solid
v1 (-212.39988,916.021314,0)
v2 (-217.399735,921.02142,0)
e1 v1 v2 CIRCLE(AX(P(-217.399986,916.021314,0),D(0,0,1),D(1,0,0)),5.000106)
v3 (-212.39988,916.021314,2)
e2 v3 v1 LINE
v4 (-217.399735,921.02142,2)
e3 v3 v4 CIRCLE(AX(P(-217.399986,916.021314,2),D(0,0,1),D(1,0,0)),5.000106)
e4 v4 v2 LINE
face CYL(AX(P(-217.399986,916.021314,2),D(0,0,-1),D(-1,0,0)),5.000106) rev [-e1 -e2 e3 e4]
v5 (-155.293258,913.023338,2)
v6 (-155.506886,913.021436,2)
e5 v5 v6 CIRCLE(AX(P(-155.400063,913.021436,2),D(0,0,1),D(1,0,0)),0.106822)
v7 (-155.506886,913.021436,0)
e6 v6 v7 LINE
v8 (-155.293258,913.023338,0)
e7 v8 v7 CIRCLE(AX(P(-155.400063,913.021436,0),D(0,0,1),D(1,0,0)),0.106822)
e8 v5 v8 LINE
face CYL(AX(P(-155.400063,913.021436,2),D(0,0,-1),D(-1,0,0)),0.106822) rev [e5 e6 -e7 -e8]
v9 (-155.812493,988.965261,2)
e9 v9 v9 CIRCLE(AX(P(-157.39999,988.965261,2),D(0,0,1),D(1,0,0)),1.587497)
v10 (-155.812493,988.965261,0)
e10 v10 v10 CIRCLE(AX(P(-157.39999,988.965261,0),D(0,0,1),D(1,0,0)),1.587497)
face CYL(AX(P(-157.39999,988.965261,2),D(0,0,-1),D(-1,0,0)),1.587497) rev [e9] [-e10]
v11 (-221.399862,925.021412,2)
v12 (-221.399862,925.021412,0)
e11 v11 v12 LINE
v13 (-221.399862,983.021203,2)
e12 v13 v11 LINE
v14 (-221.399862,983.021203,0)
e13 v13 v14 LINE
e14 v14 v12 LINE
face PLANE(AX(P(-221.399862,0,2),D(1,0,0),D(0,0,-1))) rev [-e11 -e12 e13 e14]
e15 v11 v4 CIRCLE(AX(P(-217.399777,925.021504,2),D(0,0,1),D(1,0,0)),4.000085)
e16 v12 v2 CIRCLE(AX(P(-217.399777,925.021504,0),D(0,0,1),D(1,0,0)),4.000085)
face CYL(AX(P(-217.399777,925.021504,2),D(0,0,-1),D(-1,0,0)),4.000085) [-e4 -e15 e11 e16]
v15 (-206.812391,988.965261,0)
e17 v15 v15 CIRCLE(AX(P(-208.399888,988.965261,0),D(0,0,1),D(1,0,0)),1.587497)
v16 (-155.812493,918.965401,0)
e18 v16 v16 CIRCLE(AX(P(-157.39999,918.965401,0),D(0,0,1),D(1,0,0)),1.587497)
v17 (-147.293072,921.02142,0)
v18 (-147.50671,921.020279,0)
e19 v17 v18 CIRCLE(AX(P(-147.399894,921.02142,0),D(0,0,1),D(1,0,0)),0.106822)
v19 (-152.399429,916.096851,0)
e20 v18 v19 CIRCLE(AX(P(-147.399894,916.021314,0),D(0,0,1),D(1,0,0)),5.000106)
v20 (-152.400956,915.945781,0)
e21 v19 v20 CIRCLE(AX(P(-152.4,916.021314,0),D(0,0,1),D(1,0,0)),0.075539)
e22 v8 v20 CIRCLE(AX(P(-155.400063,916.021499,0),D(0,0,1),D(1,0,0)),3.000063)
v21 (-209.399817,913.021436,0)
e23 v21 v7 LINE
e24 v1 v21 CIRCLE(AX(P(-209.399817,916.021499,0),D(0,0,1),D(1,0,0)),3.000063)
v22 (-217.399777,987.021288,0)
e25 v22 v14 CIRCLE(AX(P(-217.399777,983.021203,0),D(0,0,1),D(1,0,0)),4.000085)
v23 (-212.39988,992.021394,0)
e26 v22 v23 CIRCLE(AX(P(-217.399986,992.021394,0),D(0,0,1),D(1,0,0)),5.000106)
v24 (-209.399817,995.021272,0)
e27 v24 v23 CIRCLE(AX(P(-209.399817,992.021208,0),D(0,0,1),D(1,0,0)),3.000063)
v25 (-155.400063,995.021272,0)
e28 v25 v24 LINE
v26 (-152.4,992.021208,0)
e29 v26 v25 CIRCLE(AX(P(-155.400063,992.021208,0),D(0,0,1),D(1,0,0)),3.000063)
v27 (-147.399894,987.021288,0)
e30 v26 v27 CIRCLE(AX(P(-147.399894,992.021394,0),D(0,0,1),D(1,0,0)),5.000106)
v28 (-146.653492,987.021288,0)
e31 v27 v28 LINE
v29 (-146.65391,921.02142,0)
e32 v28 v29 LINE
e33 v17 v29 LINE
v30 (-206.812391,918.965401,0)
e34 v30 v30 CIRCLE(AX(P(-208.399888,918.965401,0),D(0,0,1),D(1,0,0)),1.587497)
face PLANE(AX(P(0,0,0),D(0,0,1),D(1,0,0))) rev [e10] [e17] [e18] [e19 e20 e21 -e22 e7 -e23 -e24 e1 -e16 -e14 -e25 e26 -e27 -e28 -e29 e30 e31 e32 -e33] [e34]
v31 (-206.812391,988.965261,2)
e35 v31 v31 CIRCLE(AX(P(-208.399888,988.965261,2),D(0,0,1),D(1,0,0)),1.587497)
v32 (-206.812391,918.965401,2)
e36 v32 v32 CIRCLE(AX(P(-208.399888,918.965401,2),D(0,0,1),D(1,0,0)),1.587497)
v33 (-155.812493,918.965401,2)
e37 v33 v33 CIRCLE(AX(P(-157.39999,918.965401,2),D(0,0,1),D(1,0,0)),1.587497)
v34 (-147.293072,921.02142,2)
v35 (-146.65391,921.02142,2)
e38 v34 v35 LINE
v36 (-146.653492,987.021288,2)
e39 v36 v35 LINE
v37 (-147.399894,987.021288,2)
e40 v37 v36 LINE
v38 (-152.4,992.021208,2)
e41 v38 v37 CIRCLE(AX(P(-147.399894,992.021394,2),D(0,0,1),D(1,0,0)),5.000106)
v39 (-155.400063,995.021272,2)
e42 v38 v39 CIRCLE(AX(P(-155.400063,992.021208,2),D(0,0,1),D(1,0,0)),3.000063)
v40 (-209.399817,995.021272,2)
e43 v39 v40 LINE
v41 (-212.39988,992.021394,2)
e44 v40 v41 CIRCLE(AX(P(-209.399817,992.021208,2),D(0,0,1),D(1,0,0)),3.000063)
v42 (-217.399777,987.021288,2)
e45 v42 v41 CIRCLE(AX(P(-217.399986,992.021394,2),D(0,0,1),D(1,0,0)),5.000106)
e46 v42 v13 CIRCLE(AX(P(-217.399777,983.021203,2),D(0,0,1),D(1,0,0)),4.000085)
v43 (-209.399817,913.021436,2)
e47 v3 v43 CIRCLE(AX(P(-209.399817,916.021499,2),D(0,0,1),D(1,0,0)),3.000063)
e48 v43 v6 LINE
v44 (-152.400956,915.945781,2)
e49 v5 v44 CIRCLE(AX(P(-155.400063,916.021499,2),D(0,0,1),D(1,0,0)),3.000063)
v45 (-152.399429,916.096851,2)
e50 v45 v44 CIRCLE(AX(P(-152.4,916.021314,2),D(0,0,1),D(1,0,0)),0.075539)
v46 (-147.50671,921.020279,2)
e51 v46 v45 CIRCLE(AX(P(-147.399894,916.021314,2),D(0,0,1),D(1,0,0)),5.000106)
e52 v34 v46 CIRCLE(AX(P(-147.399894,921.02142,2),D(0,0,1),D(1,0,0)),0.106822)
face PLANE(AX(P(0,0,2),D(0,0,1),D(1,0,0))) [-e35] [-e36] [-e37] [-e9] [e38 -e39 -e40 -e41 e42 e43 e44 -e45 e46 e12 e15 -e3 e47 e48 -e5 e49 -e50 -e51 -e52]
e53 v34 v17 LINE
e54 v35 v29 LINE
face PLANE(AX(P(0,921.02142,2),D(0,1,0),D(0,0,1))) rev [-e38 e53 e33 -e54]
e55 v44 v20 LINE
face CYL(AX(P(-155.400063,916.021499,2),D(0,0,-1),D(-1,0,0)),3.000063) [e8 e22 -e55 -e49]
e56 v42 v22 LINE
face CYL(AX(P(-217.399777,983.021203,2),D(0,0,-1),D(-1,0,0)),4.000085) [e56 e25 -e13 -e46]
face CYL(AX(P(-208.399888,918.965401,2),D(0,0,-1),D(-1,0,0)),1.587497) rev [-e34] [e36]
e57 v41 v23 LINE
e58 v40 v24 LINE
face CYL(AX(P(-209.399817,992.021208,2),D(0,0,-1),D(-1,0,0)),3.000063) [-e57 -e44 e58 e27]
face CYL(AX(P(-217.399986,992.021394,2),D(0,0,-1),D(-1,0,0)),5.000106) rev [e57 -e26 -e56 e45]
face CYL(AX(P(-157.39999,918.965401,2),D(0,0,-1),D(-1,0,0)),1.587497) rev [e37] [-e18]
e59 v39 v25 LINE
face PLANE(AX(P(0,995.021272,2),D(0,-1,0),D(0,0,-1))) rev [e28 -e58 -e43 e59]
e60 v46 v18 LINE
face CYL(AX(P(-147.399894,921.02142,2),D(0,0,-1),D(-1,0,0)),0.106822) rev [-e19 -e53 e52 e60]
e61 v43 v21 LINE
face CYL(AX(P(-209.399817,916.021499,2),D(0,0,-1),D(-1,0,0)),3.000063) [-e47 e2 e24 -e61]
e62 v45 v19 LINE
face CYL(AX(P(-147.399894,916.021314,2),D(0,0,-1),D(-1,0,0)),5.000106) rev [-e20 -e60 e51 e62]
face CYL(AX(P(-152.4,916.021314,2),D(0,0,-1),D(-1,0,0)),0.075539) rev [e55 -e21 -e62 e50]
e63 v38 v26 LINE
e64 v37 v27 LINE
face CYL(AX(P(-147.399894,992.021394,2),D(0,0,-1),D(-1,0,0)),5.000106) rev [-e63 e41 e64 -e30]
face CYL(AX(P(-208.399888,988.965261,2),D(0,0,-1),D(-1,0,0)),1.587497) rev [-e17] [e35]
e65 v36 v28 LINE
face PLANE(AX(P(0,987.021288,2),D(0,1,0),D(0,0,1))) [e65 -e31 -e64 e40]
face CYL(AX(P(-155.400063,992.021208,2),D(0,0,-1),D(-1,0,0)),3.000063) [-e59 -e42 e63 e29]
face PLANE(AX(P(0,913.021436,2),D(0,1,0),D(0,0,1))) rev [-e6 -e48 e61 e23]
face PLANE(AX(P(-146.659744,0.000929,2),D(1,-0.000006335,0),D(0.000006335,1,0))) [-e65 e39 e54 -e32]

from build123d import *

# Parameters (mm, degrees)
MODEL_R             = 1.587496825
BOSS_EXTRUDE1_DEPTH = 2


with BuildPart() as part:
    # Model → Boss-Extrude1 (new body)
    with BuildSketch(Plane.XY):
        with BuildLine():
            Line((-146.653910016, 921.021419751), (-146.653491939, 987.021287754))
            Line((-146.653491939, 987.021287754), (-147.399894202, 987.021287754))
            ThreePointArc((-147.399894202, 987.021287754), (-150.935437408, 988.485719341), (-152.399999963, 992.021208297))
            ThreePointArc((-152.399999963, 992.021208297), (-153.278698205, 994.142573511), (-155.400063419, 995.021271753))
            Line((-155.400063419, 995.021271753), (-209.399816512, 995.021271753))
            ThreePointArc((-209.399816512, 995.021271753), (-211.521116241, 994.142638994), (-212.399879965, 992.021393514))
            ThreePointArc((-212.399879965, 992.021393514), (-213.864303366, 988.485858493), (-217.399777355, 987.021287754))
            ThreePointArc((-217.399777355, 987.021287754), (-220.228264308, 985.849690097), (-221.399861964, 983.021203145))
            Line((-221.399861964, 983.021203145), (-221.399861964, 925.021411752))
            ThreePointArc((-221.399861964, 925.021411752), (-220.228216634, 922.192969733), (-217.39973512, 921.02141975))
            ThreePointArc((-217.39973512, 921.02141975), (-213.864288435, 919.55683408), (-212.399879966, 916.021313993))
            ThreePointArc((-212.399879966, 916.021313993), (-211.521116244, 913.900068513), (-209.399816515, 913.021435753))
            Line((-209.399816515, 913.021435753), (-155.506885764, 913.021435753))
            ThreePointArc((-155.506885764, 913.021435753), (-155.475395221, 913.097173017), (-155.399490011, 913.128256561))
            ThreePointArc((-155.399490011, 913.128256561), (-155.324999759, 913.097438787), (-155.293258, 913.023337548))
            ThreePointArc((-155.293258, 913.023337548), (-153.267730715, 913.91115848), (-152.400955638, 915.945780743))
            ThreePointArc((-152.400955638, 915.945780743), (-152.427675956, 915.951027262), (-152.450799863, 915.965407327))
            ThreePointArc((-152.450799863, 915.965407327), (-152.470357006, 916.048810735), (-152.399429358, 916.096851124))
            ThreePointArc((-152.399429358, 916.096851124), (-150.946546283, 919.545844687), (-147.506710495, 921.020278673))
            ThreePointArc((-147.506710495, 921.020278673), (-147.476166718, 921.096209628), (-147.400849891, 921.128237863))
            ThreePointArc((-147.400849891, 921.128237863), (-147.324698014, 921.09729172), (-147.293071814, 921.021419751))
            Line((-147.293071814, 921.021419751), (-146.653910016, 921.021419751))
        make_face()
        with Locations((-208.399887964, 918.965401326)):
            Circle(MODEL_R, mode=Mode.SUBTRACT)
        with Locations((-157.399989964, 918.965401326)):
            Circle(MODEL_R, mode=Mode.SUBTRACT)
        with Locations((-208.399887964, 988.965261326)):
            Circle(MODEL_R, mode=Mode.SUBTRACT)
        with Locations((-157.399989964, 988.965261326)):
            Circle(MODEL_R, mode=Mode.SUBTRACT)
    extrude(amount=BOSS_EXTRUDE1_DEPTH)


solid = part.part
